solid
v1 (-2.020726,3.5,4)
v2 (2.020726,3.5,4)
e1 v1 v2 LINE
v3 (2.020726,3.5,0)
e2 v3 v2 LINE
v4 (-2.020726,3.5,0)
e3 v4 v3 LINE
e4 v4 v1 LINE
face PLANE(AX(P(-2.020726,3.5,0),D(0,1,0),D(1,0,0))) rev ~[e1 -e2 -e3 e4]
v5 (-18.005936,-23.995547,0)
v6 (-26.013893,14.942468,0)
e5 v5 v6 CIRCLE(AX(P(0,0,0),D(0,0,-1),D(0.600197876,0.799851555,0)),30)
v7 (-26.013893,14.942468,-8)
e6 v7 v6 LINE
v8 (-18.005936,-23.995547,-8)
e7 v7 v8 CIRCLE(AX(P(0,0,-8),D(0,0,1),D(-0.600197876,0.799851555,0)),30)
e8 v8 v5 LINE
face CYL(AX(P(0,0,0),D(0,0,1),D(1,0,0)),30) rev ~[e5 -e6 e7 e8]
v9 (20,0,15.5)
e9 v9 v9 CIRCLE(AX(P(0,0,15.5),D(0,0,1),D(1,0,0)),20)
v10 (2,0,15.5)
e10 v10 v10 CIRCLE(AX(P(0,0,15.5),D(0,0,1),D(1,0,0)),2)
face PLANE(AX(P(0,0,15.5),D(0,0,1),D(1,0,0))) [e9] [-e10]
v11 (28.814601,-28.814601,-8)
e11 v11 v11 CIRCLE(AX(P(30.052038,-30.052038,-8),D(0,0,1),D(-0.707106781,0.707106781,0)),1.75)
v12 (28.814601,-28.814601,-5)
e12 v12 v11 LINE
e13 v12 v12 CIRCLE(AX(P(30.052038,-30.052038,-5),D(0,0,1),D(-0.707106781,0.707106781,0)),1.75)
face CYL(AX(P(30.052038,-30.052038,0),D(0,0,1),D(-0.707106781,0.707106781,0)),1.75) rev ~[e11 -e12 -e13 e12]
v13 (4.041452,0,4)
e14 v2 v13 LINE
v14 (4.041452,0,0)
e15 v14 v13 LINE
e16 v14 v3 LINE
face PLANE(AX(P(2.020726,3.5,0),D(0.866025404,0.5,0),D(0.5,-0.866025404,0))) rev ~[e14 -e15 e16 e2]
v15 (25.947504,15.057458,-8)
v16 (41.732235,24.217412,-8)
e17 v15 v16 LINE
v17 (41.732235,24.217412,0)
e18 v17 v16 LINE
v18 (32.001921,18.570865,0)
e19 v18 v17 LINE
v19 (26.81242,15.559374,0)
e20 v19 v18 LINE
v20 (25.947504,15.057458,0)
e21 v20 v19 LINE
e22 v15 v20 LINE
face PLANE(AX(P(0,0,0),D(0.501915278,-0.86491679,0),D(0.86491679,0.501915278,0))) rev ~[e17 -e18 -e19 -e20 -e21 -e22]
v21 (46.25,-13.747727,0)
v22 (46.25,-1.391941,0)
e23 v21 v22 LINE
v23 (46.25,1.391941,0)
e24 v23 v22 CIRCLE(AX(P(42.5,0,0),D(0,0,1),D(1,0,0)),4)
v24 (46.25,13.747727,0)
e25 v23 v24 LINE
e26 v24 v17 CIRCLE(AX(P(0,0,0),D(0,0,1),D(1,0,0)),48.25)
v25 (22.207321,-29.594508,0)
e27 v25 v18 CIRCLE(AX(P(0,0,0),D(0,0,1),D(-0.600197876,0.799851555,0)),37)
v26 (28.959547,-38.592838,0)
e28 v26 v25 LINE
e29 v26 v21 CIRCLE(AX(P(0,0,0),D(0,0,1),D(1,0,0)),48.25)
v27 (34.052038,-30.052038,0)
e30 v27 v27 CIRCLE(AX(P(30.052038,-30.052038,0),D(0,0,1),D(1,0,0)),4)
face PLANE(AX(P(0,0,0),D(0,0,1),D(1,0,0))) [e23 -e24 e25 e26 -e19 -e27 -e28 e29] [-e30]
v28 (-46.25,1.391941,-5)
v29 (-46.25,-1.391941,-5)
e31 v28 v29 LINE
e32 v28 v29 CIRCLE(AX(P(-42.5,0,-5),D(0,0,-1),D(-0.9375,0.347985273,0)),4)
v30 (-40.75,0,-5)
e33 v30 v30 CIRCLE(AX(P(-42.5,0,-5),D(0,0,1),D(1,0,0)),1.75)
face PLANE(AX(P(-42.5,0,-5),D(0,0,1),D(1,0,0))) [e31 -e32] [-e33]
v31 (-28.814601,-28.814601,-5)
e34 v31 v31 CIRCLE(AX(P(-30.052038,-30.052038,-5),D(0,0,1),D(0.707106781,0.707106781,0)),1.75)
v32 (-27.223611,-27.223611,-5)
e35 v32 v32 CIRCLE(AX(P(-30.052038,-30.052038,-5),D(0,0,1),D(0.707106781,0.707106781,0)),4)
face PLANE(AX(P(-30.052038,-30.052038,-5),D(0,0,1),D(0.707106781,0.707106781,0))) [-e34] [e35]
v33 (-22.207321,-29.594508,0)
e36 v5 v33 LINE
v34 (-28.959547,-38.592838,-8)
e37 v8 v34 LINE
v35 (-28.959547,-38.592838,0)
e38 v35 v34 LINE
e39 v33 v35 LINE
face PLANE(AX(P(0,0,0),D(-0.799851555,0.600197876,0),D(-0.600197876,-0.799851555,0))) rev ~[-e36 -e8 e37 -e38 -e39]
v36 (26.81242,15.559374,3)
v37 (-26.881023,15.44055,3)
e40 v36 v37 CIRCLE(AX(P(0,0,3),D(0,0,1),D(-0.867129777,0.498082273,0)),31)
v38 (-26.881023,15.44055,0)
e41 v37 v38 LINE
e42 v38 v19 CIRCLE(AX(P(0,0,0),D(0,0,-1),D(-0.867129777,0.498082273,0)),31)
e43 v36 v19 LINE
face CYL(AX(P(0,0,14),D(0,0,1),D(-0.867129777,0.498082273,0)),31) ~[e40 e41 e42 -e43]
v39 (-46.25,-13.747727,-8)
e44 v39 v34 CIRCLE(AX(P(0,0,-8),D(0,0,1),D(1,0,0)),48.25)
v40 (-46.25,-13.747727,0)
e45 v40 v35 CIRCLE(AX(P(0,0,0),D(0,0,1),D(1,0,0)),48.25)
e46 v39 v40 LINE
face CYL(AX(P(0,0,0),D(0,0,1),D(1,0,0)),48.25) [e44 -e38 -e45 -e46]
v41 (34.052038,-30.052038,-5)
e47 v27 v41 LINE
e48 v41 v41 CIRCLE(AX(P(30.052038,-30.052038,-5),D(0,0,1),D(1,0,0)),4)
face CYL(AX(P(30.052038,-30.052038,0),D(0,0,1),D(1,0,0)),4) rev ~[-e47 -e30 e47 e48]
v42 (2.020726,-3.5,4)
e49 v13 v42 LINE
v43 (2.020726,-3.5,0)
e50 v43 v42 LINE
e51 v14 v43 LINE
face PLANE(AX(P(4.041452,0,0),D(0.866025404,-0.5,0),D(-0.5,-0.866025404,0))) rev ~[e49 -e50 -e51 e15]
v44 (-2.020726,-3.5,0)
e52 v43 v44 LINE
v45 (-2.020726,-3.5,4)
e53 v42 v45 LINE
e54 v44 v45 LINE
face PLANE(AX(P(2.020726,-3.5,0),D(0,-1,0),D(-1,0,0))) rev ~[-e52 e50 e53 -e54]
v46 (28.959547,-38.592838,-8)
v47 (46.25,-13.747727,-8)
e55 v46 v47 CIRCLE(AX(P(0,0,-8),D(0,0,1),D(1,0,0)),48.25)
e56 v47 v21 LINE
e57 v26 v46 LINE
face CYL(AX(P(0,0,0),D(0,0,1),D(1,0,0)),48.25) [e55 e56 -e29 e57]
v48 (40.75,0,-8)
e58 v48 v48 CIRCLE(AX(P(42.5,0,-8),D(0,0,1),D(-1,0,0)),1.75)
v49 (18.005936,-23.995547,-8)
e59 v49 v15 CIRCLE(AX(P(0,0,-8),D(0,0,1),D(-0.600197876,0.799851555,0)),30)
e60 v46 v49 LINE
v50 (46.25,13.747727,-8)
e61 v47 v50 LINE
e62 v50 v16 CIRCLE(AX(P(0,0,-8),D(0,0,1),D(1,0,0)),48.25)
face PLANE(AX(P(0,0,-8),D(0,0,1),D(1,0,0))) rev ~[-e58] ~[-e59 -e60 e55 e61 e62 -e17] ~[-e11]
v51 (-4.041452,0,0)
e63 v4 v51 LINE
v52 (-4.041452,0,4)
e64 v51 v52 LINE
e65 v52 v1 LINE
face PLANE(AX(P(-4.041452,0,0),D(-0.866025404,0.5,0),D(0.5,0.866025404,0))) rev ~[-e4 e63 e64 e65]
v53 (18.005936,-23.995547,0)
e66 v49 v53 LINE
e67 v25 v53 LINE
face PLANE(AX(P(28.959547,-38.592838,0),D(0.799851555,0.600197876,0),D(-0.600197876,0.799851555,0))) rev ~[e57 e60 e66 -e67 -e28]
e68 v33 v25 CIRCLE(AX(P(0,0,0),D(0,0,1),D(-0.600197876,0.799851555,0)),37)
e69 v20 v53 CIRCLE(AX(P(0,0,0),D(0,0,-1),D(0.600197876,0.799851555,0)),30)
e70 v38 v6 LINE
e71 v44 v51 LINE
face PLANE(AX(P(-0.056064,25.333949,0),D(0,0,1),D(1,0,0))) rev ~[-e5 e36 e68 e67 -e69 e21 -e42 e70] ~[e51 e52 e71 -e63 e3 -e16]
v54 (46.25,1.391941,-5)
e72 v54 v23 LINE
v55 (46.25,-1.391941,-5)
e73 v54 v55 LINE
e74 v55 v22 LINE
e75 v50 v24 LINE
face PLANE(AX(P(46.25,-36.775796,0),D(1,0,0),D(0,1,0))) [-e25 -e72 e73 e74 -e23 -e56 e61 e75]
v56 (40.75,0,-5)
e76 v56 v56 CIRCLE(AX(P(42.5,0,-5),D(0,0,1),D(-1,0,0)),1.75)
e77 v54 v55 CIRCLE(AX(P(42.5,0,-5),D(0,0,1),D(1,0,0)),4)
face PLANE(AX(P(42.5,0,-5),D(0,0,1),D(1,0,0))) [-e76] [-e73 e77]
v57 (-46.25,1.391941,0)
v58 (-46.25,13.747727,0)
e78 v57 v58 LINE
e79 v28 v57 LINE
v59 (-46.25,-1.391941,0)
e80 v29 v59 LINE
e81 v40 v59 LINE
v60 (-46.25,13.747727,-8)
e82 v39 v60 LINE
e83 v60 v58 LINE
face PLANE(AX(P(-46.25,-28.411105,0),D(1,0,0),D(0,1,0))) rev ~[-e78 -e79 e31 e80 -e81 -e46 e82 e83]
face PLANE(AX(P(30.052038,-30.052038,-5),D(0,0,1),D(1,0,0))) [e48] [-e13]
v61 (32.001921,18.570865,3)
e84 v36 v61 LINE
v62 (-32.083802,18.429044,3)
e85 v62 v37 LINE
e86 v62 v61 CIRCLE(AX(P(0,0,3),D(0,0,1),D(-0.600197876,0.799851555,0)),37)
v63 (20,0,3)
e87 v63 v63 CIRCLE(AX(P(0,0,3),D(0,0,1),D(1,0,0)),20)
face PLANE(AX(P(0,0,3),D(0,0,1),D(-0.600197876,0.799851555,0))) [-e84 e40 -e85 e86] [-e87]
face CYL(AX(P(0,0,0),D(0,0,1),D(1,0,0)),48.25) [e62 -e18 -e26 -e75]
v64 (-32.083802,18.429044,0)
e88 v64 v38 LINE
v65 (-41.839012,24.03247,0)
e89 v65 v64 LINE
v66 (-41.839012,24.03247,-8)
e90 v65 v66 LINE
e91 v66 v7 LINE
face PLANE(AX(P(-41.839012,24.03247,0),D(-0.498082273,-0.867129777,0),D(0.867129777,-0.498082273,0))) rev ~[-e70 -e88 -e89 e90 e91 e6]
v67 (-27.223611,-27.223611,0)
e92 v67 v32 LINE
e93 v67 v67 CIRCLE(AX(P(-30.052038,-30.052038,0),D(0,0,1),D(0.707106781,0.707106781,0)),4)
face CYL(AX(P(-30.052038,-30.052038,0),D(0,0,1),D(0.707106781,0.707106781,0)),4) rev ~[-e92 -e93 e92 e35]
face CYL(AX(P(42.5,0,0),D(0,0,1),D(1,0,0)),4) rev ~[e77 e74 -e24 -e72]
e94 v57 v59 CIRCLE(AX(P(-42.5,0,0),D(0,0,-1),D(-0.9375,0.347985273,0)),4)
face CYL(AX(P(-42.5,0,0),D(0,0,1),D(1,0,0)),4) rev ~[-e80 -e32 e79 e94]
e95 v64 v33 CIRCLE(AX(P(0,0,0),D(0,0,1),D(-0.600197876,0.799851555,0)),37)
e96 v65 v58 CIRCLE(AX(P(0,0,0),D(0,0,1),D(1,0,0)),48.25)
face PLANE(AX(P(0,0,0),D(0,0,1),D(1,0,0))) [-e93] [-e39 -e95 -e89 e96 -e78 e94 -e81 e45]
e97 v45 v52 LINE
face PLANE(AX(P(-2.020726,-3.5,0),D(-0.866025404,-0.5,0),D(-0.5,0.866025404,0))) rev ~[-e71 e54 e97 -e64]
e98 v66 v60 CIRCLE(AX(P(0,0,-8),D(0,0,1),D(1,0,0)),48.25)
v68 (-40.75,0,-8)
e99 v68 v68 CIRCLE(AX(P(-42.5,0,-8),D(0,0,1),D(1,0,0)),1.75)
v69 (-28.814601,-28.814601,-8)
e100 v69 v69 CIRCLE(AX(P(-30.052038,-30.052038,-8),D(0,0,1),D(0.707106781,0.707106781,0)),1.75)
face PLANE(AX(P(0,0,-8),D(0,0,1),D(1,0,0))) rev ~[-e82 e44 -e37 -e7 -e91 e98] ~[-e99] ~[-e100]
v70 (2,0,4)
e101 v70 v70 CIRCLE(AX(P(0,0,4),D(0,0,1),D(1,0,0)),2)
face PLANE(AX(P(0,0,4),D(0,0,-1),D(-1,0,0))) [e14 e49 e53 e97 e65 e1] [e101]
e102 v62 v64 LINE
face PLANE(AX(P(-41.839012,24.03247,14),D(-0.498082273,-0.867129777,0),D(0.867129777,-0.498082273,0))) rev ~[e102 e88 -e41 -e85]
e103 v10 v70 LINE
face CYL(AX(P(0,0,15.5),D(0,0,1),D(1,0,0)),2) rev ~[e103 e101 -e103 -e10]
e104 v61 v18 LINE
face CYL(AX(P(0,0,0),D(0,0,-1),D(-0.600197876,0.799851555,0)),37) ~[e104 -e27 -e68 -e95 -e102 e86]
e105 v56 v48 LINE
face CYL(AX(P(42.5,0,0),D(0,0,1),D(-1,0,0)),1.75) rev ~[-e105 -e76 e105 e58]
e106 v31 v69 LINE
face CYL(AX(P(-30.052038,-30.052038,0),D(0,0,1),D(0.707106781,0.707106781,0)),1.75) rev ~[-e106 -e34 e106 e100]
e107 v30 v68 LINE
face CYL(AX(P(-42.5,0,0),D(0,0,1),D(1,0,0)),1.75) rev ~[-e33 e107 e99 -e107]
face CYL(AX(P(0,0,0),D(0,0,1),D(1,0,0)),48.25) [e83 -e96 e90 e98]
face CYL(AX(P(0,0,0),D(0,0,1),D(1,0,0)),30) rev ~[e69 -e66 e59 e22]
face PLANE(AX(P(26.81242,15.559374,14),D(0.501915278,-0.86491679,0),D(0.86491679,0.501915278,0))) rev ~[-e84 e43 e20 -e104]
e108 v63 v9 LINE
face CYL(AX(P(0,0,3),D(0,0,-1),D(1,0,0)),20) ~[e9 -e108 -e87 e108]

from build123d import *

# Parameters (mm, degrees)
SKETCH1_R           = 48.25
BOSS_EXTRUDE1_DEPTH = 8
SKETCH2_W           = 17.162038191
SKETCH2_H           = 56.822210482
SKETCH2_W_2         = 16.152506533
SKETCH2_H_2         = 65.186901365
CUT_EXTRUDE1_DEPTH  = 8
SKETCH3_R           = 30
CUT_EXTRUDE2_DEPTH  = 8
SKETCH4_R           = 1.75
CUT_EXTRUDE3_DEPTH  = 10
CIRPATTERN1_COUNT   = 8
CUT_EXTRUDE4_DEPTH  = 10
CIRPATTERN2_COUNT   = 2
SKETCH9_R           = 4
CUT_EXTRUDE5_DEPTH  = 5
CIRPATTERN3_COUNT   = 8
SKETCH10_R          = 4
CUT_EXTRUDE6_DEPTH  = 5
SKETCH11_R          = 37
BOSS_EXTRUDE2_DEPTH = 3
SKETCH12_R          = 20
BOSS_EXTRUDE3_DEPTH = 12.5
SKETCH13_R          = 2
CUT_EXTRUDE8_DEPTH  = 38
CUT_EXTRUDE9_DEPTH  = 4
CUT_EXTRUDE10_DEPTH = 10
CUT_EXTRUDE11_START = 14
CUT_EXTRUDE11_DEPTH = 14


with BuildPart() as part:
    # Sketch1 → Boss-Extrude1 (new body)
    with BuildSketch(Plane.XY):
        Circle(SKETCH1_R)
    extrude(amount=-BOSS_EXTRUDE1_DEPTH)

    # Sketch2 → Cut-Extrude1 (cut)
    with BuildSketch(Plane.XY):
        with Locations((-54.831019095, 0)):
            Rectangle(SKETCH2_W, SKETCH2_H)
        with Locations((54.326253267, -4.182345442)):
            Rectangle(SKETCH2_W_2, SKETCH2_H_2)
    extrude(amount=-CUT_EXTRUDE1_DEPTH, mode=Mode.SUBTRACT)

    # Sketch3 → Cut-Extrude2 (cut)
    with BuildSketch(Plane.XY):
        Circle(SKETCH3_R)
    extrude(amount=-CUT_EXTRUDE2_DEPTH, mode=Mode.SUBTRACT)

    # Sketch4 → Cut-Extrude3 (cut)
    with BuildSketch(Plane.XY):
        with Locations((-42.5, 0)):
            Circle(SKETCH4_R)
    cut_extrude3 = extrude(amount=-CUT_EXTRUDE3_DEPTH, mode=Mode.SUBTRACT)

    # CirPattern1: Cut-Extrude3 ×8 about axis
    cirpattern1_axis = Axis((0, 0, 0), (0, 0, 1))
    for i in range(1, CIRPATTERN1_COUNT):
        add(cut_extrude3.rotate(cirpattern1_axis, i * 360 / CIRPATTERN1_COUNT), mode=Mode.SUBTRACT)

    # Sketch8 → Cut-Extrude4 (cut)
    with BuildSketch(Plane.XY):
        with BuildLine():
            Line((-28.959547499, 38.59283753), (0, 0))
            Line((0, 0), (28.959547499, 38.59283753))
            ThreePointArc((28.959547499, 38.59283753), (0, 48.25), (-28.959547499, 38.59283753))
        make_face()
    cut_extrude4 = extrude(amount=-CUT_EXTRUDE4_DEPTH, mode=Mode.SUBTRACT)

    # CirPattern2: Cut-Extrude4 ×2 about axis
    cirpattern2_axis = Axis((0, 0, 0), (0, 0, 1))
    for i in range(1, CIRPATTERN2_COUNT):
        add(cut_extrude4.rotate(cirpattern2_axis, i * 360 / CIRPATTERN2_COUNT), mode=Mode.SUBTRACT)

    # Sketch9 → Cut-Extrude5 (cut)
    with BuildSketch(Plane.XY):
        with Locations((-42.5, 0)):
            Circle(SKETCH9_R)
    cut_extrude5 = extrude(amount=-CUT_EXTRUDE5_DEPTH, mode=Mode.SUBTRACT)

    # CirPattern3: Cut-Extrude5 ×8 about axis, 3 skipped
    cirpattern3_axis = Axis((0, 0, 0), (0, 0, 1))
    add([cut_extrude5.rotate(cirpattern3_axis, i * 360 / CIRPATTERN3_COUNT) for i in range(1, CIRPATTERN3_COUNT) if i not in (3, 4, 5)], mode=Mode.SUBTRACT)

    # Sketch10 → Cut-Extrude6 (cut)
    with BuildSketch(Plane.XY):
        with Locations((42.5, 0)):
            Circle(SKETCH10_R)
        with Locations((30.0520382, 30.0520382)):
            Circle(SKETCH10_R)
        with Locations((30.0520382, -30.0520382)):
            Circle(SKETCH10_R)
    extrude(amount=-CUT_EXTRUDE6_DEPTH, mode=Mode.SUBTRACT)

    # Sketch11 → Boss-Extrude2 (add)
    with BuildSketch(Plane.XY):
        with Locations(Location((0, 0, 0), (0, 0, 126.884070759))):
            Circle(SKETCH11_R)
    extrude(amount=BOSS_EXTRUDE2_DEPTH)

    # Sketch12 → Boss-Extrude3 (add)
    with BuildSketch(Plane.XY.offset(3)):
        Circle(SKETCH12_R)
    extrude(amount=BOSS_EXTRUDE3_DEPTH)

    # Sketch13 → Cut-Extrude8 (cut)
    with BuildSketch(Plane.XY.offset(15.5)):
        Circle(SKETCH13_R)
    extrude(amount=-CUT_EXTRUDE8_DEPTH, mode=Mode.SUBTRACT)

    # Sketch14 → Cut-Extrude9 (cut)
    with BuildSketch(Plane(origin=(0, 0, 0), x_dir=(-1, 0, 0), z_dir=(0, 0, -1))):
        Polygon((-2.020725942, -3.5), (2.020725942, -3.5), (4.041451884, 0), (2.020725942, 3.5), (-2.020725942, 3.5), (-4.041451884, 0), align=None)
    extrude(amount=-CUT_EXTRUDE9_DEPTH, mode=Mode.SUBTRACT)

    # Sketch15 → Cut-Extrude10 (cut)
    with BuildSketch(Plane.XY):
        with BuildLine():
            Line((-41.839011718, 24.03246967), (0, 0))
            Line((0, 0), (41.732235109, 24.217412182))
            ThreePointArc((41.732235109, 24.217412182), (-0.106776609, 48.249881852), (-41.839011718, 24.03246967))
        make_face()
    extrude(amount=-CUT_EXTRUDE10_DEPTH, mode=Mode.SUBTRACT)

    # Sketch16 → Cut-Extrude11 (cut)
    with BuildSketch(Plane.XY.offset(CUT_EXTRUDE11_START)):
        with BuildLine():
            Line((-41.839011718, 24.03246967), (-26.881023073, 15.440550462))
            ThreePointArc((-26.881023073, 15.440550462), (-0.068602588, 30.999924092), (26.812420485, 15.55937363))
            Line((26.812420485, 15.55937363), (41.732235109, 24.217412182))
            ThreePointArc((41.732235109, 24.217412182), (-0.106776609, 48.249881852), (-41.839011718, 24.03246967))
        make_face()
    extrude(amount=-CUT_EXTRUDE11_DEPTH, mode=Mode.SUBTRACT)


solid = part.part
